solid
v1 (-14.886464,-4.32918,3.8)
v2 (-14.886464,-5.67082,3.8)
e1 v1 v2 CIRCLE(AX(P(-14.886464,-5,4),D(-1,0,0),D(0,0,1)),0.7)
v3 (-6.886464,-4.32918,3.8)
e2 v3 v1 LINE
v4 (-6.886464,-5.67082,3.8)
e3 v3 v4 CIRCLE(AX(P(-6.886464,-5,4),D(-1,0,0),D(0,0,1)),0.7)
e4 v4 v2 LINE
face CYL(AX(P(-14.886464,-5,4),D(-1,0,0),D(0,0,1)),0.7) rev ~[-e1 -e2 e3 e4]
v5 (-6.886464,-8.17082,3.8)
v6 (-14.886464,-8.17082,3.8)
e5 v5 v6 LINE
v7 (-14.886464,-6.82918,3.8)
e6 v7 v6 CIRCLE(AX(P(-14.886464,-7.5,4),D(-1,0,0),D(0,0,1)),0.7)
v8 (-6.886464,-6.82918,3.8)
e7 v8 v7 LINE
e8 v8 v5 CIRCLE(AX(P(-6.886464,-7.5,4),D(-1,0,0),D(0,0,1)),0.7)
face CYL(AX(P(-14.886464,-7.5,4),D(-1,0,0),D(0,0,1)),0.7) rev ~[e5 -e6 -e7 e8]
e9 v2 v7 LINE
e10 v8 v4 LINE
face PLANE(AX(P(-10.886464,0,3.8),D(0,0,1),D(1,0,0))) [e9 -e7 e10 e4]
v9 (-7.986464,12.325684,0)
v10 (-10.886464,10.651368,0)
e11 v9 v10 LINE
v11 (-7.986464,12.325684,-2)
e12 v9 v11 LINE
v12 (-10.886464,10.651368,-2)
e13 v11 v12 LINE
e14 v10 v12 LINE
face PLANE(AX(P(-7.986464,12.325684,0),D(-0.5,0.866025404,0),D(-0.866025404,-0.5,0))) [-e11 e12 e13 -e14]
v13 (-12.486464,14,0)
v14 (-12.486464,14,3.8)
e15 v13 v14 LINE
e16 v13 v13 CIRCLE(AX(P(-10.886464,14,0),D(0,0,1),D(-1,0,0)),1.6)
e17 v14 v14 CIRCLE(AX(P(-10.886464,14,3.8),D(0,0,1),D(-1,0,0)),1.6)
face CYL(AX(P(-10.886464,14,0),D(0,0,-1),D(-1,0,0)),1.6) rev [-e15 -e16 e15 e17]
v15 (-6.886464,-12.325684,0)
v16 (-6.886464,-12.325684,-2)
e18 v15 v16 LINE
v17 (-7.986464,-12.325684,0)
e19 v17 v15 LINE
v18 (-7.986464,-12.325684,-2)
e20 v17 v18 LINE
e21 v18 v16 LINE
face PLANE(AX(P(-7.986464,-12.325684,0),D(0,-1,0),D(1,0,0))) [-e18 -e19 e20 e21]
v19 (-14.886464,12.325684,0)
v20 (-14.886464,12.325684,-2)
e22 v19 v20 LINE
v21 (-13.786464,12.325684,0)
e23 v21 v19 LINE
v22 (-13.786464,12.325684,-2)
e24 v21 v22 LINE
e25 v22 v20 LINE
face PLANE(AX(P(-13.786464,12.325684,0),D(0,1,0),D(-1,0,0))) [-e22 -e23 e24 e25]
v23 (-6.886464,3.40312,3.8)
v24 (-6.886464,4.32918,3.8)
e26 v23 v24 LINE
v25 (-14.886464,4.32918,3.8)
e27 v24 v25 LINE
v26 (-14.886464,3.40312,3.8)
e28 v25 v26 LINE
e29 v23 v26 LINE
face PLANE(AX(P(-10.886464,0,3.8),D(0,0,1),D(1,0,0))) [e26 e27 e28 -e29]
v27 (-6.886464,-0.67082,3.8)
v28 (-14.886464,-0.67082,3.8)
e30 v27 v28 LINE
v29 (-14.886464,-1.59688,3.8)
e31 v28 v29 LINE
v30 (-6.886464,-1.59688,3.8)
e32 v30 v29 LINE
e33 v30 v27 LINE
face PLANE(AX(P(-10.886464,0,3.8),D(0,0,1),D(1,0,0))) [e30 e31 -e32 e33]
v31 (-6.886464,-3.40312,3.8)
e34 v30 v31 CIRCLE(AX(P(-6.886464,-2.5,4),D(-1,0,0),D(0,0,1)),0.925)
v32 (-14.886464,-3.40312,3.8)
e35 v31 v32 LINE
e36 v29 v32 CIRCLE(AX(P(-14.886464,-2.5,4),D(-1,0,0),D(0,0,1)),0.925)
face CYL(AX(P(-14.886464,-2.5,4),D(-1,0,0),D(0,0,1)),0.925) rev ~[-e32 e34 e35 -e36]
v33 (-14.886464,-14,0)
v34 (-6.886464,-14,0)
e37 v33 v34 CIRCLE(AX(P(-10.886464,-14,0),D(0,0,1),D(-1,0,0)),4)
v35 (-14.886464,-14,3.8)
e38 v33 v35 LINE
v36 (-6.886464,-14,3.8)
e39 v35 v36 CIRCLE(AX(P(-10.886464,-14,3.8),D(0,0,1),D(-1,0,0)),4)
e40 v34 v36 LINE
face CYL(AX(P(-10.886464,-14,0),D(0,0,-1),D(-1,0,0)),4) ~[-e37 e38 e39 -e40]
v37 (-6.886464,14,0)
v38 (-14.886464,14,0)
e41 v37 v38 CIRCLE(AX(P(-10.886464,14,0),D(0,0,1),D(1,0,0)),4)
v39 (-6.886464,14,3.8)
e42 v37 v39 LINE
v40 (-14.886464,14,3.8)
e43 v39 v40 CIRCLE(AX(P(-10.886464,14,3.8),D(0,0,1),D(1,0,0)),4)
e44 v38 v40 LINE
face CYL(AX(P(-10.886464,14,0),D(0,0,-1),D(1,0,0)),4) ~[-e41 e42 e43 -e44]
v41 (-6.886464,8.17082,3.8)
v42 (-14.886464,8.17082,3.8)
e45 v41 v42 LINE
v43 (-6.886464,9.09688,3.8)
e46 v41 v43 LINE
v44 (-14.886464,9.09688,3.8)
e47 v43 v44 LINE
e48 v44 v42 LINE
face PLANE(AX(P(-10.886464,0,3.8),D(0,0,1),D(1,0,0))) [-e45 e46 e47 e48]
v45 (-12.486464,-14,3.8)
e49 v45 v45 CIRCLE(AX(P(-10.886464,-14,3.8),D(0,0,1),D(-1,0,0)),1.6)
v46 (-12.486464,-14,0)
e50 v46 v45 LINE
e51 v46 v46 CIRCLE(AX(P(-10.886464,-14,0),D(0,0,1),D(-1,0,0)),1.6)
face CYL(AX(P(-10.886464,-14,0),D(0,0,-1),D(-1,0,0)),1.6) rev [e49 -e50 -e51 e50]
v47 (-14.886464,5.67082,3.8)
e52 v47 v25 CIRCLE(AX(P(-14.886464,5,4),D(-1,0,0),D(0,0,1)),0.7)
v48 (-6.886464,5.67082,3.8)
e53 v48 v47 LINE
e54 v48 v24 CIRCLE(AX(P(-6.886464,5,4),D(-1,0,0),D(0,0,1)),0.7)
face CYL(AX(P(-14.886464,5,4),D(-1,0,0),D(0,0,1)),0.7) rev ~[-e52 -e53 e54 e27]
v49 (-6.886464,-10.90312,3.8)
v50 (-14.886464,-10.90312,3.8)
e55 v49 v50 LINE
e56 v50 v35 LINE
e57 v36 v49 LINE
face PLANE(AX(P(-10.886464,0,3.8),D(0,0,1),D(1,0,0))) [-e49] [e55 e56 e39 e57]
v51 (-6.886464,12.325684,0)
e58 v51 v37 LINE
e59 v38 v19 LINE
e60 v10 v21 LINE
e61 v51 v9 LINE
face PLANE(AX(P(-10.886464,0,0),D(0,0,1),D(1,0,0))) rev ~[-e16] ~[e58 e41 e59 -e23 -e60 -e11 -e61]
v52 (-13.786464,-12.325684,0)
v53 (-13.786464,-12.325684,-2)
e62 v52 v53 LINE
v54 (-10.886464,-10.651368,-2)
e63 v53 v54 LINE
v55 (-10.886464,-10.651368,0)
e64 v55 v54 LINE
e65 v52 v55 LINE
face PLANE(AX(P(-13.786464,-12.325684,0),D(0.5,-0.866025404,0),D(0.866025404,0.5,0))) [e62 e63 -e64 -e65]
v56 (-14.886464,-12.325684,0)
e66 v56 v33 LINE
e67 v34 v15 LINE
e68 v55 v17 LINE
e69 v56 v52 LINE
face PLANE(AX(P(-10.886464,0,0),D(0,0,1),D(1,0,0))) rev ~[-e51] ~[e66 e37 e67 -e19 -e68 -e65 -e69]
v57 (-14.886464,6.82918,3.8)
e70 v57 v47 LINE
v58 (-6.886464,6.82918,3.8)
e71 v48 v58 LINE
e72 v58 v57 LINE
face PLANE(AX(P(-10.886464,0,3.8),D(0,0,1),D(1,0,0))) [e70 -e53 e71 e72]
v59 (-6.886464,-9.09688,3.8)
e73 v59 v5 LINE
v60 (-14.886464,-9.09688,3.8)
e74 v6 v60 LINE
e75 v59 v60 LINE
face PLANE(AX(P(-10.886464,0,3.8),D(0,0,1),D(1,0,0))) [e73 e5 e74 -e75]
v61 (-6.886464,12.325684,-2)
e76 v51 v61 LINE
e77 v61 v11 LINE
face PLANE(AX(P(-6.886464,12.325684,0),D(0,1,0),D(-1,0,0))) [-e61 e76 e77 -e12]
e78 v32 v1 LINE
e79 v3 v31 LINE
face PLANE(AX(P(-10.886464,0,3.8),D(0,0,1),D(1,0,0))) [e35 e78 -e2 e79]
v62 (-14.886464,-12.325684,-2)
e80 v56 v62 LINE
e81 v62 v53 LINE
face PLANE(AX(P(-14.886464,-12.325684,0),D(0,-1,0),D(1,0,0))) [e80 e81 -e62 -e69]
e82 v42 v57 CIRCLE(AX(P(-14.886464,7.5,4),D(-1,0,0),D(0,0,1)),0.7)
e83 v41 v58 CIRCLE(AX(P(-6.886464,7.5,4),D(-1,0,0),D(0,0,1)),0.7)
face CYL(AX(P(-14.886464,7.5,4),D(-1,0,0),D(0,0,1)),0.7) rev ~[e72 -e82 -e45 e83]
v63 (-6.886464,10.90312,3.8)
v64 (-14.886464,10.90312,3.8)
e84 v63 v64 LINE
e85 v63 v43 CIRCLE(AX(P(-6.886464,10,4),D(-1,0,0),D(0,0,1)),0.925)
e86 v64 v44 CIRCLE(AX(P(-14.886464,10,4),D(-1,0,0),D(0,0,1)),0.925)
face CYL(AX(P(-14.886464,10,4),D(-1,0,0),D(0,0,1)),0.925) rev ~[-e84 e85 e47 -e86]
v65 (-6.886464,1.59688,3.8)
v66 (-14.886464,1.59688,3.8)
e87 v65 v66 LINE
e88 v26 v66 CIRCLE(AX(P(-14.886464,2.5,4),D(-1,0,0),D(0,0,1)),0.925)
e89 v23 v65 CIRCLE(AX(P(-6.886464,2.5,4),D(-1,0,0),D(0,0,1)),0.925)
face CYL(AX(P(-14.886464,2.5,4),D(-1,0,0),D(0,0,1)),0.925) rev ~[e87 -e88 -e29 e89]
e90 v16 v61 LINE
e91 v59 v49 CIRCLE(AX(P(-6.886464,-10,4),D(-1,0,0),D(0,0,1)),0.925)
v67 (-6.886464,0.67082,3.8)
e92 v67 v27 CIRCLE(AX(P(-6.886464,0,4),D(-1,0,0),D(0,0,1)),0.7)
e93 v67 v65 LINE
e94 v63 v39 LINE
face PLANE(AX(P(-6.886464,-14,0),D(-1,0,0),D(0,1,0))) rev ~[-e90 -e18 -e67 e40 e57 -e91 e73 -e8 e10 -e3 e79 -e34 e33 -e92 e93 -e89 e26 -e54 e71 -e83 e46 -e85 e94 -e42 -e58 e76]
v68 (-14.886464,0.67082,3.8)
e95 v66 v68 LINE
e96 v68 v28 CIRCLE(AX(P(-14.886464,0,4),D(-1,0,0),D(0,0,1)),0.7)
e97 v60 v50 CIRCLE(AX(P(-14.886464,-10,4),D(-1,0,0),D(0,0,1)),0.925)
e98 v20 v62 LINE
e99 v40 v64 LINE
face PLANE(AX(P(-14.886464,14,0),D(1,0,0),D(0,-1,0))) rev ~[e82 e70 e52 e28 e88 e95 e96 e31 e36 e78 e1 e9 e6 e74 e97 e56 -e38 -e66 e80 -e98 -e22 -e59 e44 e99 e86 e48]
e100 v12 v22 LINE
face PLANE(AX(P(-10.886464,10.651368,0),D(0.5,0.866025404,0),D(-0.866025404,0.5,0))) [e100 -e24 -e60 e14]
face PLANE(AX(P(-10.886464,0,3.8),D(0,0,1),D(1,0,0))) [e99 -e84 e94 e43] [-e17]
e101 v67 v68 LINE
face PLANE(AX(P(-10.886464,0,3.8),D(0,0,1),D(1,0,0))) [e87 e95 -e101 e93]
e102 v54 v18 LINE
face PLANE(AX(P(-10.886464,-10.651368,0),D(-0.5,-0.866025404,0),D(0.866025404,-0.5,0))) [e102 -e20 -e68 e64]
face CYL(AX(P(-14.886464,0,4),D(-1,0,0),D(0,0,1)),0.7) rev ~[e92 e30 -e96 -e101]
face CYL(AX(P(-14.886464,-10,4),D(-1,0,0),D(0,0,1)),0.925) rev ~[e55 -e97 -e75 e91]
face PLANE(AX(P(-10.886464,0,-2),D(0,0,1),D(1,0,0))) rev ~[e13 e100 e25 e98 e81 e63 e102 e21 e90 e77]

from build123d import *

# Parameters (mm, degrees)
SKETCH_2_R          = 1.6
EXTRUDE_1_DEPTH     = 3.8
CUT_EXTRUDE_1_REACH = 22.061
SKETCH_3_R          = 0.925
SKETCH_3_R_2        = 0.7
EXTRUDE_2_DEPTH     = 2


with BuildPart() as part:
    # Эскиз2 → Бобышка-Вытянуть1 (new body)
    with BuildSketch(Plane.XY):
        with BuildLine():
            Line((-14.886464029, 14), (-14.886464029, -14))
            ThreePointArc((-14.886464029, -14), (-10.886464029, -18), (-6.886464029, -14))
            Line((-6.886464029, -14), (-6.886464029, 14))
            ThreePointArc((-6.886464029, 14), (-10.886464029, 18), (-14.886464029, 14))
        make_face()
        with Locations(Location((-10.886464029, -14, 0), (0, 0, 180))):
            Circle(SKETCH_2_R, mode=Mode.SUBTRACT)
        with Locations(Location((-10.886464029, 14, 0), (0, 0, 180))):
            Circle(SKETCH_2_R, mode=Mode.SUBTRACT)
    extrude(amount=EXTRUDE_1_DEPTH)

    # Эскиз3 → Вырез-Вытянуть1 (cut, up to next)
    with BuildSketch(Plane.ZY.offset(14.886464029), mode=Mode.PRIVATE) as cut_extrude_1_sk1:
        with Locations((4, -10)):
            Circle(SKETCH_3_R)
    cut_extrude_1_tool1 = extrude(cut_extrude_1_sk1.sketch, amount=-CUT_EXTRUDE_1_REACH, mode=Mode.PRIVATE) & part.part
    # Эскиз3 → Вырез-Вытянуть1 (cut, up to next)
    with BuildSketch(Plane.ZY.offset(14.886464029), mode=Mode.PRIVATE) as cut_extrude_1_sk2:
        with Locations((4, -7.5)):
            Circle(SKETCH_3_R_2)
    cut_extrude_1_tool2 = extrude(cut_extrude_1_sk2.sketch, amount=-CUT_EXTRUDE_1_REACH, mode=Mode.PRIVATE) & part.part
    # Эскиз3 → Вырез-Вытянуть1 (cut, up to next)
    with BuildSketch(Plane.ZY.offset(14.886464029), mode=Mode.PRIVATE) as cut_extrude_1_sk3:
        with Locations((4, -5)):
            Circle(SKETCH_3_R_2)
    cut_extrude_1_tool3 = extrude(cut_extrude_1_sk3.sketch, amount=-CUT_EXTRUDE_1_REACH, mode=Mode.PRIVATE) & part.part
    # Эскиз3 → Вырез-Вытянуть1 (cut, up to next)
    with BuildSketch(Plane.ZY.offset(14.886464029), mode=Mode.PRIVATE) as cut_extrude_1_sk4:
        with Locations((4, 10)):
            Circle(SKETCH_3_R)
    cut_extrude_1_tool4 = extrude(cut_extrude_1_sk4.sketch, amount=-CUT_EXTRUDE_1_REACH, mode=Mode.PRIVATE) & part.part
    # Эскиз3 → Вырез-Вытянуть1 (cut, up to next)
    with BuildSketch(Plane.ZY.offset(14.886464029), mode=Mode.PRIVATE) as cut_extrude_1_sk5:
        with Locations((4, 7.5)):
            Circle(SKETCH_3_R_2)
    cut_extrude_1_tool5 = extrude(cut_extrude_1_sk5.sketch, amount=-CUT_EXTRUDE_1_REACH, mode=Mode.PRIVATE) & part.part
    # Эскиз3 → Вырез-Вытянуть1 (cut, up to next)
    with BuildSketch(Plane.ZY.offset(14.886464029), mode=Mode.PRIVATE) as cut_extrude_1_sk6:
        with Locations((4, 5)):
            Circle(SKETCH_3_R_2)
    cut_extrude_1_tool6 = extrude(cut_extrude_1_sk6.sketch, amount=-CUT_EXTRUDE_1_REACH, mode=Mode.PRIVATE) & part.part
    # Эскиз3 → Вырез-Вытянуть1 (cut, up to next)
    with BuildSketch(Plane.ZY.offset(14.886464029), mode=Mode.PRIVATE) as cut_extrude_1_sk7:
        with Locations((4, 2.5)):
            Circle(SKETCH_3_R)
    cut_extrude_1_tool7 = extrude(cut_extrude_1_sk7.sketch, amount=-CUT_EXTRUDE_1_REACH, mode=Mode.PRIVATE) & part.part
    # Эскиз3 → Вырез-Вытянуть1 (cut, up to next)
    with BuildSketch(Plane.ZY.offset(14.886464029), mode=Mode.PRIVATE) as cut_extrude_1_sk8:
        with Locations((4, 0)):
            Circle(SKETCH_3_R_2)
    cut_extrude_1_tool8 = extrude(cut_extrude_1_sk8.sketch, amount=-CUT_EXTRUDE_1_REACH, mode=Mode.PRIVATE) & part.part
    # Эскиз3 → Вырез-Вытянуть1 (cut, up to next)
    with BuildSketch(Plane.ZY.offset(14.886464029), mode=Mode.PRIVATE) as cut_extrude_1_sk9:
        with Locations((4, -2.5)):
            Circle(SKETCH_3_R)
    cut_extrude_1_tool9 = extrude(cut_extrude_1_sk9.sketch, amount=-CUT_EXTRUDE_1_REACH, mode=Mode.PRIVATE) & part.part
    add(cut_extrude_1_tool1.solids().sort_by_distance((-14.886464, -10, 4))[0], mode=Mode.SUBTRACT)
    add(cut_extrude_1_tool2.solids().sort_by_distance((-14.886464, -7.5, 4))[0], mode=Mode.SUBTRACT)
    add(cut_extrude_1_tool3.solids().sort_by_distance((-14.886464, -5, 4))[0], mode=Mode.SUBTRACT)
    add(cut_extrude_1_tool4.solids().sort_by_distance((-14.886464, 10, 4))[0], mode=Mode.SUBTRACT)
    add(cut_extrude_1_tool5.solids().sort_by_distance((-14.886464, 7.5, 4))[0], mode=Mode.SUBTRACT)
    add(cut_extrude_1_tool6.solids().sort_by_distance((-14.886464, 5, 4))[0], mode=Mode.SUBTRACT)
    add(cut_extrude_1_tool7.solids().sort_by_distance((-14.886464, 2.5, 4))[0], mode=Mode.SUBTRACT)
    add(cut_extrude_1_tool8.solids().sort_by_distance((-14.886464, 0, 4))[0], mode=Mode.SUBTRACT)
    add(cut_extrude_1_tool9.solids().sort_by_distance((-14.886464, -2.5, 4))[0], mode=Mode.SUBTRACT)

    # Эскиз4 → Бобышка-Вытянуть2 (add)
    with BuildSketch(Plane(origin=(0, 0, 0), x_dir=(-1, 0, 0), z_dir=(0, 0, -1))):
        Polygon((10.886464029, 10.651368439), (13.786464029, 12.325684219), (14.886464029, 12.325684219), (14.886464029, -12.325684219), (13.786464029, -12.325684219), (10.886464029, -10.651368439), (7.986464029, -12.325684219), (6.886464029, -12.325684219), (6.886464029, 12.325684219), (7.986464029, 12.325684219), align=None)
    extrude(amount=EXTRUDE_2_DEPTH)


solid = part.part
